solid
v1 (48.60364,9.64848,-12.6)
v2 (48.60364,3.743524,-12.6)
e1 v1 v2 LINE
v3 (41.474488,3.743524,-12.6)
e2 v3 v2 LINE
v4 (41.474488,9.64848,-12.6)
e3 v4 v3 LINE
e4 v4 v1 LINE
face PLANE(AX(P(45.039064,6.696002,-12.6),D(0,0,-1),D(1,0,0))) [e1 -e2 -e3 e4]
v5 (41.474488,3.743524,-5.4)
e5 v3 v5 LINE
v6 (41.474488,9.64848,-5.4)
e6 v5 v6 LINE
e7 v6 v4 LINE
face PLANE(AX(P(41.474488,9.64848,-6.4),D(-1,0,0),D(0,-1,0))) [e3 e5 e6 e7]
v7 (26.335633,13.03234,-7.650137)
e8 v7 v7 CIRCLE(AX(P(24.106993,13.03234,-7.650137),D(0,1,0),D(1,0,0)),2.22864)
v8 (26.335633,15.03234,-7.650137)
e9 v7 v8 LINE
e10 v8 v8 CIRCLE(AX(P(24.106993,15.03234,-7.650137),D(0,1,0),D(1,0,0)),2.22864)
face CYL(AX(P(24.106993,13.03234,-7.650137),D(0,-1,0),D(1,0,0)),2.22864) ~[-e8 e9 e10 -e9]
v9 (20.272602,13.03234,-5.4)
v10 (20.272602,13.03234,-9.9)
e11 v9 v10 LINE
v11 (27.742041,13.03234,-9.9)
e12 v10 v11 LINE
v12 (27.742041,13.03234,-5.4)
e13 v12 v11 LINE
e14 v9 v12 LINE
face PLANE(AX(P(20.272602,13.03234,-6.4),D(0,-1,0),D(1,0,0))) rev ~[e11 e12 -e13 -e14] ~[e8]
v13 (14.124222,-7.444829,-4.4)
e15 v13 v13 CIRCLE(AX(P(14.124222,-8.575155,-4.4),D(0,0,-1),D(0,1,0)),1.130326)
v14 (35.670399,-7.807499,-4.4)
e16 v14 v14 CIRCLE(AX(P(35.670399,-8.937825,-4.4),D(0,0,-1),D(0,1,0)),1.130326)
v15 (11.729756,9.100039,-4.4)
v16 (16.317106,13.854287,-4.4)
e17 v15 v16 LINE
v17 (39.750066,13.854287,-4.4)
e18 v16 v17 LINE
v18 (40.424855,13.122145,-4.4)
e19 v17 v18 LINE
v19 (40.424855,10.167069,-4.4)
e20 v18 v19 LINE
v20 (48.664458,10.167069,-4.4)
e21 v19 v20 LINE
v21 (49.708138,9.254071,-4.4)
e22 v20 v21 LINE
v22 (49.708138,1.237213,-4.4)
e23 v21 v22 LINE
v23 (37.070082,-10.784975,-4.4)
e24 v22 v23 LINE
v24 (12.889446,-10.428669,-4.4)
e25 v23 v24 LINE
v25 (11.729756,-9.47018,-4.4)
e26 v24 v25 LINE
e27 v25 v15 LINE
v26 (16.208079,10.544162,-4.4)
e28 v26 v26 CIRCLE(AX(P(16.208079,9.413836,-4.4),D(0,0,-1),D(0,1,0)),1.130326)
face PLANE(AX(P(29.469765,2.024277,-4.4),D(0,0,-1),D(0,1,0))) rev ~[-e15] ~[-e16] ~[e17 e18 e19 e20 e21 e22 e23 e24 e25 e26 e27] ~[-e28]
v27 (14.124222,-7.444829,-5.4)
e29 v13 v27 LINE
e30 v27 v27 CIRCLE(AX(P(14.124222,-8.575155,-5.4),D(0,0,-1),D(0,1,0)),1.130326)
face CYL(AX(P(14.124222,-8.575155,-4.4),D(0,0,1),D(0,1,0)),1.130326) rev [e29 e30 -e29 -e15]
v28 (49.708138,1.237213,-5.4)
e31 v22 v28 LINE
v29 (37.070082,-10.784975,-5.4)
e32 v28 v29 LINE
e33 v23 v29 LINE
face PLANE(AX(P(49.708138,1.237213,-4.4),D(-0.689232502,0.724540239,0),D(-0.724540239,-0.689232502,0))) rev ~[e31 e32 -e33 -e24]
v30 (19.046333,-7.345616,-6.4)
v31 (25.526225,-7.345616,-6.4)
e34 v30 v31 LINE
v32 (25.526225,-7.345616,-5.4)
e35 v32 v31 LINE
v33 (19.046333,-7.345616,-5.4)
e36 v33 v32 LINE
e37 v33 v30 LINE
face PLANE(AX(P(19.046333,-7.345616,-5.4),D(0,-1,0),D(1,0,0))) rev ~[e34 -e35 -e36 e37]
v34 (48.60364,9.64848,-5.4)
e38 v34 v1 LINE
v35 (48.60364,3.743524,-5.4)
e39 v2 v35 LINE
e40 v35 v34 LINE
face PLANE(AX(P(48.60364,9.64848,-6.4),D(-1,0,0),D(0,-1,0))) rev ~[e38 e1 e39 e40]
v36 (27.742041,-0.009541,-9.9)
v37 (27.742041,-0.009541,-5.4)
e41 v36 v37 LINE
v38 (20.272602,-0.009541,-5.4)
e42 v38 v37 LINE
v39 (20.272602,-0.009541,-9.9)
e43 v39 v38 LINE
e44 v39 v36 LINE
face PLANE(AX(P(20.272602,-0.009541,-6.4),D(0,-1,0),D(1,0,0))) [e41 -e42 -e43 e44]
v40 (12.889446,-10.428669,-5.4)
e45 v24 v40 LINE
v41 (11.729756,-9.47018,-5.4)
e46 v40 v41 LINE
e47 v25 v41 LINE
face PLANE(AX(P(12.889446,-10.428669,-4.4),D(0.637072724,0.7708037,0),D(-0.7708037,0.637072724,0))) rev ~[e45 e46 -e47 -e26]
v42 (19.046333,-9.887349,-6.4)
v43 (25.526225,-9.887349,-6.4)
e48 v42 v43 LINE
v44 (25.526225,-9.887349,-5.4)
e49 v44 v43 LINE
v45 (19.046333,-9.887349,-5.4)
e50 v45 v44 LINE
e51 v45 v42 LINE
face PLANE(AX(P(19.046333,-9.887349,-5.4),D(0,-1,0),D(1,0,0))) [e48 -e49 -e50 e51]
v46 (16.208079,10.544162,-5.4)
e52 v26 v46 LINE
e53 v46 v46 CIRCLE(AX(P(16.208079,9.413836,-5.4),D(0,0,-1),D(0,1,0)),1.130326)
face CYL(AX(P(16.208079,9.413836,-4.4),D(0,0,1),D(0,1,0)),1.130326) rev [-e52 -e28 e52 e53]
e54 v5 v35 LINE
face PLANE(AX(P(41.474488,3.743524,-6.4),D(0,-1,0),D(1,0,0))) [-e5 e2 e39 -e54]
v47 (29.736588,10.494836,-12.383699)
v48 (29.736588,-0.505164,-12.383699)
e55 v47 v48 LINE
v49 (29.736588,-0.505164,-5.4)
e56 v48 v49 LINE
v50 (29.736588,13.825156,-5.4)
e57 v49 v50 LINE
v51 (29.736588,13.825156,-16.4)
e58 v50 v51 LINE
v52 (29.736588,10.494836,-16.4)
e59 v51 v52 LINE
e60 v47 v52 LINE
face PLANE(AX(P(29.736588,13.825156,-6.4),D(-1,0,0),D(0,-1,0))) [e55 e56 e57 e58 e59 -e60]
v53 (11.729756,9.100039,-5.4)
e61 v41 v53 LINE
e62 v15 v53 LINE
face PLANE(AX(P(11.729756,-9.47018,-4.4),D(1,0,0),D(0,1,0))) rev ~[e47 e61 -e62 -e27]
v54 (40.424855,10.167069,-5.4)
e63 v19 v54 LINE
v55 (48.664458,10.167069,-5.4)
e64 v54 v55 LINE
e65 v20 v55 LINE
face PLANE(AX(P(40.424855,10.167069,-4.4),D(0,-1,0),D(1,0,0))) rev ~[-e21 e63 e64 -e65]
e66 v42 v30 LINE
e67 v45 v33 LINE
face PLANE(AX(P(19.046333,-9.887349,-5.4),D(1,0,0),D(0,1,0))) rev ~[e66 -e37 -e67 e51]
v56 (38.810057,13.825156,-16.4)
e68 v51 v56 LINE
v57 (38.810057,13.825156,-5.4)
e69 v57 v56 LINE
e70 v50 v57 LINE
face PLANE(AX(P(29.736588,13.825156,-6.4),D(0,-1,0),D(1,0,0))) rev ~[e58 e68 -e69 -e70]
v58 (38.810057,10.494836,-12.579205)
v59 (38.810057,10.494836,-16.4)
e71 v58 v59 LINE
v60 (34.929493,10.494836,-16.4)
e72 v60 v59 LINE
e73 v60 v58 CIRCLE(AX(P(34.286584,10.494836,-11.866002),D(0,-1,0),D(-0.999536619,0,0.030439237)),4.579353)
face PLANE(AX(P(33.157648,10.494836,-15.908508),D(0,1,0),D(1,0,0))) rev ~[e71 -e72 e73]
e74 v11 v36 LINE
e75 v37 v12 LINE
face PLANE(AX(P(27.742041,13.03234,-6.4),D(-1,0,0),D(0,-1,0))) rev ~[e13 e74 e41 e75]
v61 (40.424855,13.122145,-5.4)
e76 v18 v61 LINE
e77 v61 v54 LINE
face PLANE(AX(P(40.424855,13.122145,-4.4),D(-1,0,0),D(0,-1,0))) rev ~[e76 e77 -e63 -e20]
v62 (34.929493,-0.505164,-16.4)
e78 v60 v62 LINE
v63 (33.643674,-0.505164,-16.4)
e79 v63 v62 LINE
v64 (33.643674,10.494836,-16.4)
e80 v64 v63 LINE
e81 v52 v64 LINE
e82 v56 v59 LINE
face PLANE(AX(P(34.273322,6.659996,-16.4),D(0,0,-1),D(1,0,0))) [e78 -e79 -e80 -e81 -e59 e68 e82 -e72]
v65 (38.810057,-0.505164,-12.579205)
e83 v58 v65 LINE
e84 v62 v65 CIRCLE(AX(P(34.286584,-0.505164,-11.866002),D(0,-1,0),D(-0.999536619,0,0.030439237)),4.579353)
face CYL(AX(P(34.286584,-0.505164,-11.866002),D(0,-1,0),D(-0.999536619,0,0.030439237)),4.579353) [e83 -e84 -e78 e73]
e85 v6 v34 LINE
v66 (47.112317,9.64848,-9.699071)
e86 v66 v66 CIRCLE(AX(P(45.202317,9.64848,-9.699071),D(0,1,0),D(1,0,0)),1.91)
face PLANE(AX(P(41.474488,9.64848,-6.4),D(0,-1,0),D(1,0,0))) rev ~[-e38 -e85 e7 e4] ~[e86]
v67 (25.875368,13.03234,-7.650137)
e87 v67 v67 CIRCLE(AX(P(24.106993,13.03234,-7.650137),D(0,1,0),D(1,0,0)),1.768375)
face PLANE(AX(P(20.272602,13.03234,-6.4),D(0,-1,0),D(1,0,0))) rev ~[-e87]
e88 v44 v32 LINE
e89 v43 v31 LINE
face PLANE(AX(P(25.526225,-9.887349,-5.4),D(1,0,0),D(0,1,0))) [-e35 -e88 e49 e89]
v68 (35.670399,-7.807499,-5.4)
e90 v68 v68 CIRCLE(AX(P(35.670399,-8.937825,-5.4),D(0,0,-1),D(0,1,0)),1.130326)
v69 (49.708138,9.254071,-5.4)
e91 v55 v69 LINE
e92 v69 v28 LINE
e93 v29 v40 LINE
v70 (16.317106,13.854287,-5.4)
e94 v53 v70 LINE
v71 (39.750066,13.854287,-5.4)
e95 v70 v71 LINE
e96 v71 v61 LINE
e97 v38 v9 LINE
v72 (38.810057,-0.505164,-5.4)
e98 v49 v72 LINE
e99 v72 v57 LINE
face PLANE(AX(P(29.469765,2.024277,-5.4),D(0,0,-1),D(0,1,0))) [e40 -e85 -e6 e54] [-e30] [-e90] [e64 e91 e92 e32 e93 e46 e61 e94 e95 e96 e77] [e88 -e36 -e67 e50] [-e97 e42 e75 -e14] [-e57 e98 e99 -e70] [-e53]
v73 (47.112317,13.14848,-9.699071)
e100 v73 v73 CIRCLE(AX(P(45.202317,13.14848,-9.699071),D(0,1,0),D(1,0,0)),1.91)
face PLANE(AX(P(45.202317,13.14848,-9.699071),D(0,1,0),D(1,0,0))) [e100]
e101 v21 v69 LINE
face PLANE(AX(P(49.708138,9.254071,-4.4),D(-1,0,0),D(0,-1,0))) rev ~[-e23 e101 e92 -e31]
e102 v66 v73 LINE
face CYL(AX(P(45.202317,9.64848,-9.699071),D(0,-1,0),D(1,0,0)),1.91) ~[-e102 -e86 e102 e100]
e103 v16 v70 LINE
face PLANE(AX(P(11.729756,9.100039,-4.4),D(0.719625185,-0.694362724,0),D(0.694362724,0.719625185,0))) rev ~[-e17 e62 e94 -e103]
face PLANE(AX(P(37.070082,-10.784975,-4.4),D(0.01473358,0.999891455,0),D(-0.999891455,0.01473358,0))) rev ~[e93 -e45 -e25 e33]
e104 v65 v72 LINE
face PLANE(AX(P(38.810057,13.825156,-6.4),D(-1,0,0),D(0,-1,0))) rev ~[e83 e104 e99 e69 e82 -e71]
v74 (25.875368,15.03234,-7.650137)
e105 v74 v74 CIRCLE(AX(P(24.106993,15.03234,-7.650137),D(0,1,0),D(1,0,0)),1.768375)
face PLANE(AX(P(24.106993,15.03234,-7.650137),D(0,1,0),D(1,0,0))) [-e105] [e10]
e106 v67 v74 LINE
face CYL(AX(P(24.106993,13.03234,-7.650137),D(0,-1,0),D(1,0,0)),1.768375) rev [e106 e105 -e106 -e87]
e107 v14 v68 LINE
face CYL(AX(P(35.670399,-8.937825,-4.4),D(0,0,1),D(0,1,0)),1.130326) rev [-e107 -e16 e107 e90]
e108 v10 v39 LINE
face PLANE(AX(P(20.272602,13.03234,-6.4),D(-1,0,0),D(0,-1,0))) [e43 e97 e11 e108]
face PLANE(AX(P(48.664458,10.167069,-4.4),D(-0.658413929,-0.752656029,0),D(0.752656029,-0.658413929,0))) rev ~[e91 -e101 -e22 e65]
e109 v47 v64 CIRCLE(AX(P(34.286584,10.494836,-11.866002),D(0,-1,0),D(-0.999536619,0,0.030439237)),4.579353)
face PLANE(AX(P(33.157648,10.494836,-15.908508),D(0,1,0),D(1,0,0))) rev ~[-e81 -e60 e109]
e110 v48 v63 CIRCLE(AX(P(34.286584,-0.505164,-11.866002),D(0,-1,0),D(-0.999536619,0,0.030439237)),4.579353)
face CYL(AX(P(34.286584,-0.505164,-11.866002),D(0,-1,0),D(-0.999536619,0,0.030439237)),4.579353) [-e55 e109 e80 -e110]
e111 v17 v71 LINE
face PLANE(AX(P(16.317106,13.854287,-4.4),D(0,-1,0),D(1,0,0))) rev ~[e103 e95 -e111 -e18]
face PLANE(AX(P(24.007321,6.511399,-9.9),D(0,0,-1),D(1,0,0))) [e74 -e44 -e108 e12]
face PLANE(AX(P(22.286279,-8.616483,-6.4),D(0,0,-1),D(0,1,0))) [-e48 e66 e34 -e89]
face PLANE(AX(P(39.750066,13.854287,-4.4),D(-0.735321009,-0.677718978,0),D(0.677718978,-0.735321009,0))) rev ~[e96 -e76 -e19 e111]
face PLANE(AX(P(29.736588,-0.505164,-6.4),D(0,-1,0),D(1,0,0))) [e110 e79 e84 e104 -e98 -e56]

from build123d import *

# Parameters (mm, degrees)
SKETCH019_R             = 1.130326
PAD016_DEPTH            = 1
SKETCH020_W             = 5.904956
SKETCH020_H             = 7.129152
SKETCH020_W_2           = 14.33032
SKETCH020_H_2           = 9.073469
SKETCH020_W_3           = 13.041881
SKETCH020_H_3           = 7.469439
SKETCH020_W_4           = 2.541733
SKETCH020_H_4           = 6.479892
PAD017_DEPTH            = 1
PAD017_FACE36_W         = 7.129152
PAD017_FACE36_H         = 5.904956
PAD018_DEPTH            = 6.2
PAD018_FACE35_W         = 9.073469
PAD018_FACE35_H         = 14.33032
PAD019_DEPTH            = 10
PAD019_FACE34_W         = 7.469439
PAD019_FACE34_H         = 13.041881
PAD020_DEPTH            = 3.5
POCKET003_DEPTH         = 11
SKETCH022_R             = 1.91
PAD021_DEPTH            = 3.5
SKETCH023_R             = 2.22864
SKETCH023_R_2           = 1.768375
PAD022_DEPTH            = 2
BODY003_ROLL_ANGLE      = 180
BODY003_PLACEMENT_ANGLE = 90


with BuildPart() as part:
    # Sketch019 → Pad016 (new body)
    with BuildSketch(Plane.XY):
        Polygon((-15.284975, 18.270082), (-14.928669, -5.910554), (-13.97018, -7.070244), (4.600039, -7.070244), (9.354287, -2.482894), (9.354287, 20.950066), (8.622145, 21.624855), (5.667069, 21.624855), (5.667069, 29.864458), (4.754071, 30.908138), (-3.262787, 30.908138), align=None)
        with Locations((-13.437825, 16.870399)):
            Circle(SKETCH019_R, mode=Mode.SUBTRACT)
        with Locations((-13.075155, -4.675778)):
            Circle(SKETCH019_R, mode=Mode.SUBTRACT)
        with Locations((4.913836, -2.591921)):
            Circle(SKETCH019_R, mode=Mode.SUBTRACT)
    extrude(amount=PAD016_DEPTH)

    # Sketch020 (on Face16 of Pad016) → Pad017 (join)
    with BuildSketch(Plane.XY.offset(1)):
        with Locations((2.196002, 26.239064)):
            Rectangle(SKETCH020_W, SKETCH020_H)
        with Locations((2.159996, 15.4733225)):
            Rectangle(SKETCH020_W_2, SKETCH020_H_2)
        with Locations((2.0113995, 5.2073215)):
            Rectangle(SKETCH020_W_3, SKETCH020_H_3)
        with Locations((-13.1164825, 3.486279)):
            Rectangle(SKETCH020_W_4, SKETCH020_H_4)
    extrude(amount=PAD017_DEPTH)

    # Pad017 Face36 → Pad018 (add)
    with BuildSketch(Plane(origin=(2.196002, 26.239064, 2), x_dir=(0, 1, 0), z_dir=(0, 0, 1))):
        Rectangle(PAD017_FACE36_W, PAD017_FACE36_H)
    extrude(amount=PAD018_DEPTH)

    # Pad018 Face35 → Pad019 (add)
    with BuildSketch(Plane(origin=(2.159996, 15.4733225, 2), x_dir=(0, 1, 0), z_dir=(0, 0, 1))):
        Rectangle(PAD018_FACE35_W, PAD018_FACE35_H)
    extrude(amount=PAD019_DEPTH)

    # Pad019 Face34 → Pad020 (add)
    with BuildSketch(Plane(origin=(2.0113995, 5.2073215, 2), x_dir=(0, 1, 0), z_dir=(0, 0, 1))):
        Rectangle(PAD019_FACE34_W, PAD019_FACE34_H)
    extrude(amount=PAD020_DEPTH)

    # Sketch021 (on Face38 of Pad020) → Pocket003 (cut)
    with BuildSketch(Plane(origin=(-5.005164, 0, 0), x_dir=(0, -1, 0), z_dir=(-1, 0, 0))):
        with BuildLine():
            ThreePointArc((-10.909353, 7.32661), (-15.4381290695, 12.0450982539), (-20.065739, 7.4235))
            Line((-20.065739, 7.4235), (-23.086145, 11.442731))
            Line((-23.086145, 11.442731), (-16.489733, 15.336999))
            Line((-16.489733, 15.336999), (-4.992367, 12.502396))
            Line((-4.992367, 12.502396), (-10.909353, 7.32661))
        make_face()
    extrude(amount=-POCKET003_DEPTH, mode=Mode.SUBTRACT)

    # Sketch022 (on Face44 of Pocket003) → Pad021 (join)
    with BuildSketch(Plane.YZ.offset(5.14848)):
        with Locations((26.402317, 5.299071)):
            Circle(SKETCH022_R)
    extrude(amount=PAD021_DEPTH)

    # Sketch023 (on Face36 of Pad021) → Pad022 (join)
    with BuildSketch(Plane.YZ.offset(8.53234)):
        with Locations((5.306993, 3.250137)):
            Circle(SKETCH023_R)
        with Locations((5.306993, 3.250137)):
            Circle(SKETCH023_R_2, mode=Mode.SUBTRACT)
    extrude(amount=PAD022_DEPTH)


with BuildPart() as part_1:
    # Body003 roll: moved
    add(part.part.rotate(Axis((0, 0, 0), (1, 0, 0)), BODY003_ROLL_ANGLE))


with BuildPart() as part_2:
    # Body003 placement: moved
    add(part_1.part.moved(Location((18.8, 4.5, -4.4))).rotate(Axis((18.8, 4.5, -4.4), (0, 0, 1)), BODY003_PLACEMENT_ANGLE))


solid = part_2.part
